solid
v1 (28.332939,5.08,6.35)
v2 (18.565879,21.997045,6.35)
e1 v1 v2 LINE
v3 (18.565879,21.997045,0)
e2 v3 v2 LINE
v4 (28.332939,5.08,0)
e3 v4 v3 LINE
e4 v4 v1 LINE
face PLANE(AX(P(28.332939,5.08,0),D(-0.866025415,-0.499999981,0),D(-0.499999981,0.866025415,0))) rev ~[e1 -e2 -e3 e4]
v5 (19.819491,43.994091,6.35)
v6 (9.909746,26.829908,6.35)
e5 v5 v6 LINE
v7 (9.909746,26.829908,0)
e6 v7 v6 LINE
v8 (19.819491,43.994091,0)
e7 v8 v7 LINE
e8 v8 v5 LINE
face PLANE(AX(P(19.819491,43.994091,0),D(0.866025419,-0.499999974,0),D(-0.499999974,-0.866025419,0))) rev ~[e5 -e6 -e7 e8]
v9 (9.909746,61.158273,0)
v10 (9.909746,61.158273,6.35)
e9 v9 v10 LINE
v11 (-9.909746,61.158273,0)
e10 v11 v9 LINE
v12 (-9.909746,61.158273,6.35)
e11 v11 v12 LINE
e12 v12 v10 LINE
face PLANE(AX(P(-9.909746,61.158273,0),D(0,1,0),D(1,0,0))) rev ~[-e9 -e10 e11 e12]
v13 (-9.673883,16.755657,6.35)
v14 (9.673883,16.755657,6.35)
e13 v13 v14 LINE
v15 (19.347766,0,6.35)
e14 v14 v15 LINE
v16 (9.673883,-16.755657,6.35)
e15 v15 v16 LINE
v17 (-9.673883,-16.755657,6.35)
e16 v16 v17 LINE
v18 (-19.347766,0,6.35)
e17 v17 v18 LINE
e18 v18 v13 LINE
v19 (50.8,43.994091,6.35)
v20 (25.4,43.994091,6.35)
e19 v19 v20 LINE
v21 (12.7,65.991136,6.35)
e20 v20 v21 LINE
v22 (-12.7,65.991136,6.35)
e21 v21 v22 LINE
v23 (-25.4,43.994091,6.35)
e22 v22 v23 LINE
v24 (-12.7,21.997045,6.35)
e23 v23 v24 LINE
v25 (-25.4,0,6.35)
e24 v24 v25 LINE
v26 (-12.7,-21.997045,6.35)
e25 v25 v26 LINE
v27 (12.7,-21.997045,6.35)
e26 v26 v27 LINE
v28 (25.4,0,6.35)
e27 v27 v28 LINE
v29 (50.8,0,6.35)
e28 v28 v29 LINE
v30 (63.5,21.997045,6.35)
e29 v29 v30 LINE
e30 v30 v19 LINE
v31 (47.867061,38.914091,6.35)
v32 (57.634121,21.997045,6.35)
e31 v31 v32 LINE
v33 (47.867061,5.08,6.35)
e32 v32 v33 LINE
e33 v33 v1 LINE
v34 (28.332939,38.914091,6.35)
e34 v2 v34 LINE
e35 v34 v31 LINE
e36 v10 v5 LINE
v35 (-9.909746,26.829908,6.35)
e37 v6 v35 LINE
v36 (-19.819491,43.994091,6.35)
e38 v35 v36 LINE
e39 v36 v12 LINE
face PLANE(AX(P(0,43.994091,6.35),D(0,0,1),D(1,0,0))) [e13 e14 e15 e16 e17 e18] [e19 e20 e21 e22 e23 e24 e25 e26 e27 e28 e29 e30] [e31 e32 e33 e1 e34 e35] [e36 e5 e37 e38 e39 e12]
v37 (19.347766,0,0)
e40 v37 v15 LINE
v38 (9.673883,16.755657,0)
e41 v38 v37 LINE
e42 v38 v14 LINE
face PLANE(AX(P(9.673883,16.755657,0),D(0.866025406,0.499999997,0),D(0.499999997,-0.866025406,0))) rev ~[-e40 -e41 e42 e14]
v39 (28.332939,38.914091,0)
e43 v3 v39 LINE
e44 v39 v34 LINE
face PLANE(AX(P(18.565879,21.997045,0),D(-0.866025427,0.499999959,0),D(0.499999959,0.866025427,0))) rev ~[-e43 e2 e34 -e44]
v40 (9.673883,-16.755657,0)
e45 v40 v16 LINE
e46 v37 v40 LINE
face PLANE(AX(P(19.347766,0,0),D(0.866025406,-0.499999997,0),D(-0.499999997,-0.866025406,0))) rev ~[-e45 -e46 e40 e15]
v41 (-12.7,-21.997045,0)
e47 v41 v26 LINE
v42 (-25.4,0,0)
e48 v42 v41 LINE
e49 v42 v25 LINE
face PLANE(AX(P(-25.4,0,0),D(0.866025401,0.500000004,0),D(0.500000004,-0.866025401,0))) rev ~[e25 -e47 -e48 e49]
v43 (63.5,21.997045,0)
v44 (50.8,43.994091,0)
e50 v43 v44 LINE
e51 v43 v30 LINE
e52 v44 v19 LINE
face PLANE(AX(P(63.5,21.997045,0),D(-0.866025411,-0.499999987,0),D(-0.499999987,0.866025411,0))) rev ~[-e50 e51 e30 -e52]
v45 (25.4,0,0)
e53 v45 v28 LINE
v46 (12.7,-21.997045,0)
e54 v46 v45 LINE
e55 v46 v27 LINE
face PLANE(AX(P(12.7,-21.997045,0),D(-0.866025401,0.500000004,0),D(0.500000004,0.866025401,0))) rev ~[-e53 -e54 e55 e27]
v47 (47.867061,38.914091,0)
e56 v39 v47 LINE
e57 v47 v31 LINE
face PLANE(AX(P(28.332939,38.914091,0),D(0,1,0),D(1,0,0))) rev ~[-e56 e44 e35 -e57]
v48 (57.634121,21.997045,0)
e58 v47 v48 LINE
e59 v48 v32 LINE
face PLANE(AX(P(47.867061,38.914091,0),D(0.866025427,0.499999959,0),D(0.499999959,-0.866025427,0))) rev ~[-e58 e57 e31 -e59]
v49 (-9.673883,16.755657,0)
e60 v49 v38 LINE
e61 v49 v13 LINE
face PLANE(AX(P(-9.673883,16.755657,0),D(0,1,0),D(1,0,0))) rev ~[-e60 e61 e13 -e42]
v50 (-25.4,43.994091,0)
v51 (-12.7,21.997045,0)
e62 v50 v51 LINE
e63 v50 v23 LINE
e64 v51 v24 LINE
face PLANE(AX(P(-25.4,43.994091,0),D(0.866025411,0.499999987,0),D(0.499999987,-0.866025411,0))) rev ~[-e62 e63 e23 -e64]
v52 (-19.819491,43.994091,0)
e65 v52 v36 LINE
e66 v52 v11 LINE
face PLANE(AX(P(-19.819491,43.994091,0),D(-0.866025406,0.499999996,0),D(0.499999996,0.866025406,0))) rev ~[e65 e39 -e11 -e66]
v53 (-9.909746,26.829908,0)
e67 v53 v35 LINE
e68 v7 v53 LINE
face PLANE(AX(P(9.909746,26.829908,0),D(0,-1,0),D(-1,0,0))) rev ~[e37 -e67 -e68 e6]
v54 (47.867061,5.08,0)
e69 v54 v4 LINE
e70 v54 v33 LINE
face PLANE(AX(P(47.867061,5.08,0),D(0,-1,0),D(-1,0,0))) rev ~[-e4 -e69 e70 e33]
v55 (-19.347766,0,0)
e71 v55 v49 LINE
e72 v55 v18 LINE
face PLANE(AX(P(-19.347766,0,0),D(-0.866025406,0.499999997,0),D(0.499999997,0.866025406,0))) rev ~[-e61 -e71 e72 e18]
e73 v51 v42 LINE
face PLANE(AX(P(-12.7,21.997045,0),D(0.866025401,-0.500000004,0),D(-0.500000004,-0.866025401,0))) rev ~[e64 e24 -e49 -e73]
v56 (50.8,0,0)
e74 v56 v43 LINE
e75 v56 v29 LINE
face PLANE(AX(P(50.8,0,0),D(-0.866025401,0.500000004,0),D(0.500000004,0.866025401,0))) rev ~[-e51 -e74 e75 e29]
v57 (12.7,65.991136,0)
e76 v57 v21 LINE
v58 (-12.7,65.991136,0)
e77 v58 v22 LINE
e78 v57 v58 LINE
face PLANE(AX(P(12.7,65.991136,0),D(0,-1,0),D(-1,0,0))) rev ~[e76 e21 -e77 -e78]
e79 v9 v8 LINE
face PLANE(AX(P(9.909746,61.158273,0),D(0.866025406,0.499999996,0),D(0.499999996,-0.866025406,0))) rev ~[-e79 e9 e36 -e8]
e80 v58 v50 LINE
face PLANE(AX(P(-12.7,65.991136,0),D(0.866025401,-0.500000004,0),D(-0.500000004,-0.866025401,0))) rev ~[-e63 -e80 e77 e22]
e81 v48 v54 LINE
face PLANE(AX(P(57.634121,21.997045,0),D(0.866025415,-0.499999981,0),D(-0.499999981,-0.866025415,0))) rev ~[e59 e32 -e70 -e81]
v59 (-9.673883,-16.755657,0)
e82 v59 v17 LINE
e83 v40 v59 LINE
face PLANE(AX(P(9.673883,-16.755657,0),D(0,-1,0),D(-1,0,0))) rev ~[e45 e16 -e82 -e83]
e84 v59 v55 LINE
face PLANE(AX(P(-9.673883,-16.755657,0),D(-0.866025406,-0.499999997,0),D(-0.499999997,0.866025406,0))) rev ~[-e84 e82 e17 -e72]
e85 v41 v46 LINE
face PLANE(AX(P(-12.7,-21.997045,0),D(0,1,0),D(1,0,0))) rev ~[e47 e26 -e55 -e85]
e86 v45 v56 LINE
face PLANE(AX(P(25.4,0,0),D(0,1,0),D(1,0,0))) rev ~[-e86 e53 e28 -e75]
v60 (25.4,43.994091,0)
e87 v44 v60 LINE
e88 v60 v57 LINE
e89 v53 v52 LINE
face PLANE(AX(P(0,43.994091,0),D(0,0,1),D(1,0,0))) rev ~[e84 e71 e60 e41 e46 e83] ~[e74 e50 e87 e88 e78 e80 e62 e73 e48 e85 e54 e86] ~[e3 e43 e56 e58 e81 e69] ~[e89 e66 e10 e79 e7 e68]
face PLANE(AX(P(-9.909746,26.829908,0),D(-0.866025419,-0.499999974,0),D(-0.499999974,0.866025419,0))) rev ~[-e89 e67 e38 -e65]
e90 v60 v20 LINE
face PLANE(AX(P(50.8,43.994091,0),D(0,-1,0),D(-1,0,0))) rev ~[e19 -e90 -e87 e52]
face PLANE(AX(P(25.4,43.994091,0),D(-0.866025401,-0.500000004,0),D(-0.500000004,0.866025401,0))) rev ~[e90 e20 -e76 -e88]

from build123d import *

# Parameters (mm, degrees)
F1_DEPTH = 6.35


with BuildPart() as f1:
    # F0 (on Top) → F1 (new body)
    with BuildSketch(Plane.XY):
        Polygon((-25.4, 43.994091), (-12.7, 21.997045), (12.7, 21.997045), (25.4, 43.994091), (12.7, 65.991136), (-12.7, 65.991136), align=None)
        Polygon((-19.819491, 43.994091), (-9.909746, 61.158273), (9.909746, 61.158273), (19.819491, 43.994091), (9.909746, 26.829908), (-9.909746, 26.829908), align=None, mode=Mode.SUBTRACT)
        Polygon((25.4, 43.994091), (12.7, 21.997045), (25.4, 0), (50.8, 0), (63.5, 21.997045), (50.8, 43.994091), align=None)
        Polygon((18.565879, 21.997045), (28.332939, 38.914091), (47.867061, 38.914091), (57.634121, 21.997045), (47.867061, 5.08), (28.332939, 5.08), align=None, mode=Mode.SUBTRACT)
        Polygon((12.7, 21.997045), (-12.7, 21.997045), (-25.4, 0), (-12.7, -21.997045), (12.7, -21.997045), (25.4, 0), align=None)
        Polygon((-19.347766, 0), (-9.673883, 16.755657), (9.673883, 16.755657), (19.347766, 0), (9.673883, -16.755657), (-9.673883, -16.755657), align=None, mode=Mode.SUBTRACT)
    extrude(amount=F1_DEPTH)


solid = f1.part
